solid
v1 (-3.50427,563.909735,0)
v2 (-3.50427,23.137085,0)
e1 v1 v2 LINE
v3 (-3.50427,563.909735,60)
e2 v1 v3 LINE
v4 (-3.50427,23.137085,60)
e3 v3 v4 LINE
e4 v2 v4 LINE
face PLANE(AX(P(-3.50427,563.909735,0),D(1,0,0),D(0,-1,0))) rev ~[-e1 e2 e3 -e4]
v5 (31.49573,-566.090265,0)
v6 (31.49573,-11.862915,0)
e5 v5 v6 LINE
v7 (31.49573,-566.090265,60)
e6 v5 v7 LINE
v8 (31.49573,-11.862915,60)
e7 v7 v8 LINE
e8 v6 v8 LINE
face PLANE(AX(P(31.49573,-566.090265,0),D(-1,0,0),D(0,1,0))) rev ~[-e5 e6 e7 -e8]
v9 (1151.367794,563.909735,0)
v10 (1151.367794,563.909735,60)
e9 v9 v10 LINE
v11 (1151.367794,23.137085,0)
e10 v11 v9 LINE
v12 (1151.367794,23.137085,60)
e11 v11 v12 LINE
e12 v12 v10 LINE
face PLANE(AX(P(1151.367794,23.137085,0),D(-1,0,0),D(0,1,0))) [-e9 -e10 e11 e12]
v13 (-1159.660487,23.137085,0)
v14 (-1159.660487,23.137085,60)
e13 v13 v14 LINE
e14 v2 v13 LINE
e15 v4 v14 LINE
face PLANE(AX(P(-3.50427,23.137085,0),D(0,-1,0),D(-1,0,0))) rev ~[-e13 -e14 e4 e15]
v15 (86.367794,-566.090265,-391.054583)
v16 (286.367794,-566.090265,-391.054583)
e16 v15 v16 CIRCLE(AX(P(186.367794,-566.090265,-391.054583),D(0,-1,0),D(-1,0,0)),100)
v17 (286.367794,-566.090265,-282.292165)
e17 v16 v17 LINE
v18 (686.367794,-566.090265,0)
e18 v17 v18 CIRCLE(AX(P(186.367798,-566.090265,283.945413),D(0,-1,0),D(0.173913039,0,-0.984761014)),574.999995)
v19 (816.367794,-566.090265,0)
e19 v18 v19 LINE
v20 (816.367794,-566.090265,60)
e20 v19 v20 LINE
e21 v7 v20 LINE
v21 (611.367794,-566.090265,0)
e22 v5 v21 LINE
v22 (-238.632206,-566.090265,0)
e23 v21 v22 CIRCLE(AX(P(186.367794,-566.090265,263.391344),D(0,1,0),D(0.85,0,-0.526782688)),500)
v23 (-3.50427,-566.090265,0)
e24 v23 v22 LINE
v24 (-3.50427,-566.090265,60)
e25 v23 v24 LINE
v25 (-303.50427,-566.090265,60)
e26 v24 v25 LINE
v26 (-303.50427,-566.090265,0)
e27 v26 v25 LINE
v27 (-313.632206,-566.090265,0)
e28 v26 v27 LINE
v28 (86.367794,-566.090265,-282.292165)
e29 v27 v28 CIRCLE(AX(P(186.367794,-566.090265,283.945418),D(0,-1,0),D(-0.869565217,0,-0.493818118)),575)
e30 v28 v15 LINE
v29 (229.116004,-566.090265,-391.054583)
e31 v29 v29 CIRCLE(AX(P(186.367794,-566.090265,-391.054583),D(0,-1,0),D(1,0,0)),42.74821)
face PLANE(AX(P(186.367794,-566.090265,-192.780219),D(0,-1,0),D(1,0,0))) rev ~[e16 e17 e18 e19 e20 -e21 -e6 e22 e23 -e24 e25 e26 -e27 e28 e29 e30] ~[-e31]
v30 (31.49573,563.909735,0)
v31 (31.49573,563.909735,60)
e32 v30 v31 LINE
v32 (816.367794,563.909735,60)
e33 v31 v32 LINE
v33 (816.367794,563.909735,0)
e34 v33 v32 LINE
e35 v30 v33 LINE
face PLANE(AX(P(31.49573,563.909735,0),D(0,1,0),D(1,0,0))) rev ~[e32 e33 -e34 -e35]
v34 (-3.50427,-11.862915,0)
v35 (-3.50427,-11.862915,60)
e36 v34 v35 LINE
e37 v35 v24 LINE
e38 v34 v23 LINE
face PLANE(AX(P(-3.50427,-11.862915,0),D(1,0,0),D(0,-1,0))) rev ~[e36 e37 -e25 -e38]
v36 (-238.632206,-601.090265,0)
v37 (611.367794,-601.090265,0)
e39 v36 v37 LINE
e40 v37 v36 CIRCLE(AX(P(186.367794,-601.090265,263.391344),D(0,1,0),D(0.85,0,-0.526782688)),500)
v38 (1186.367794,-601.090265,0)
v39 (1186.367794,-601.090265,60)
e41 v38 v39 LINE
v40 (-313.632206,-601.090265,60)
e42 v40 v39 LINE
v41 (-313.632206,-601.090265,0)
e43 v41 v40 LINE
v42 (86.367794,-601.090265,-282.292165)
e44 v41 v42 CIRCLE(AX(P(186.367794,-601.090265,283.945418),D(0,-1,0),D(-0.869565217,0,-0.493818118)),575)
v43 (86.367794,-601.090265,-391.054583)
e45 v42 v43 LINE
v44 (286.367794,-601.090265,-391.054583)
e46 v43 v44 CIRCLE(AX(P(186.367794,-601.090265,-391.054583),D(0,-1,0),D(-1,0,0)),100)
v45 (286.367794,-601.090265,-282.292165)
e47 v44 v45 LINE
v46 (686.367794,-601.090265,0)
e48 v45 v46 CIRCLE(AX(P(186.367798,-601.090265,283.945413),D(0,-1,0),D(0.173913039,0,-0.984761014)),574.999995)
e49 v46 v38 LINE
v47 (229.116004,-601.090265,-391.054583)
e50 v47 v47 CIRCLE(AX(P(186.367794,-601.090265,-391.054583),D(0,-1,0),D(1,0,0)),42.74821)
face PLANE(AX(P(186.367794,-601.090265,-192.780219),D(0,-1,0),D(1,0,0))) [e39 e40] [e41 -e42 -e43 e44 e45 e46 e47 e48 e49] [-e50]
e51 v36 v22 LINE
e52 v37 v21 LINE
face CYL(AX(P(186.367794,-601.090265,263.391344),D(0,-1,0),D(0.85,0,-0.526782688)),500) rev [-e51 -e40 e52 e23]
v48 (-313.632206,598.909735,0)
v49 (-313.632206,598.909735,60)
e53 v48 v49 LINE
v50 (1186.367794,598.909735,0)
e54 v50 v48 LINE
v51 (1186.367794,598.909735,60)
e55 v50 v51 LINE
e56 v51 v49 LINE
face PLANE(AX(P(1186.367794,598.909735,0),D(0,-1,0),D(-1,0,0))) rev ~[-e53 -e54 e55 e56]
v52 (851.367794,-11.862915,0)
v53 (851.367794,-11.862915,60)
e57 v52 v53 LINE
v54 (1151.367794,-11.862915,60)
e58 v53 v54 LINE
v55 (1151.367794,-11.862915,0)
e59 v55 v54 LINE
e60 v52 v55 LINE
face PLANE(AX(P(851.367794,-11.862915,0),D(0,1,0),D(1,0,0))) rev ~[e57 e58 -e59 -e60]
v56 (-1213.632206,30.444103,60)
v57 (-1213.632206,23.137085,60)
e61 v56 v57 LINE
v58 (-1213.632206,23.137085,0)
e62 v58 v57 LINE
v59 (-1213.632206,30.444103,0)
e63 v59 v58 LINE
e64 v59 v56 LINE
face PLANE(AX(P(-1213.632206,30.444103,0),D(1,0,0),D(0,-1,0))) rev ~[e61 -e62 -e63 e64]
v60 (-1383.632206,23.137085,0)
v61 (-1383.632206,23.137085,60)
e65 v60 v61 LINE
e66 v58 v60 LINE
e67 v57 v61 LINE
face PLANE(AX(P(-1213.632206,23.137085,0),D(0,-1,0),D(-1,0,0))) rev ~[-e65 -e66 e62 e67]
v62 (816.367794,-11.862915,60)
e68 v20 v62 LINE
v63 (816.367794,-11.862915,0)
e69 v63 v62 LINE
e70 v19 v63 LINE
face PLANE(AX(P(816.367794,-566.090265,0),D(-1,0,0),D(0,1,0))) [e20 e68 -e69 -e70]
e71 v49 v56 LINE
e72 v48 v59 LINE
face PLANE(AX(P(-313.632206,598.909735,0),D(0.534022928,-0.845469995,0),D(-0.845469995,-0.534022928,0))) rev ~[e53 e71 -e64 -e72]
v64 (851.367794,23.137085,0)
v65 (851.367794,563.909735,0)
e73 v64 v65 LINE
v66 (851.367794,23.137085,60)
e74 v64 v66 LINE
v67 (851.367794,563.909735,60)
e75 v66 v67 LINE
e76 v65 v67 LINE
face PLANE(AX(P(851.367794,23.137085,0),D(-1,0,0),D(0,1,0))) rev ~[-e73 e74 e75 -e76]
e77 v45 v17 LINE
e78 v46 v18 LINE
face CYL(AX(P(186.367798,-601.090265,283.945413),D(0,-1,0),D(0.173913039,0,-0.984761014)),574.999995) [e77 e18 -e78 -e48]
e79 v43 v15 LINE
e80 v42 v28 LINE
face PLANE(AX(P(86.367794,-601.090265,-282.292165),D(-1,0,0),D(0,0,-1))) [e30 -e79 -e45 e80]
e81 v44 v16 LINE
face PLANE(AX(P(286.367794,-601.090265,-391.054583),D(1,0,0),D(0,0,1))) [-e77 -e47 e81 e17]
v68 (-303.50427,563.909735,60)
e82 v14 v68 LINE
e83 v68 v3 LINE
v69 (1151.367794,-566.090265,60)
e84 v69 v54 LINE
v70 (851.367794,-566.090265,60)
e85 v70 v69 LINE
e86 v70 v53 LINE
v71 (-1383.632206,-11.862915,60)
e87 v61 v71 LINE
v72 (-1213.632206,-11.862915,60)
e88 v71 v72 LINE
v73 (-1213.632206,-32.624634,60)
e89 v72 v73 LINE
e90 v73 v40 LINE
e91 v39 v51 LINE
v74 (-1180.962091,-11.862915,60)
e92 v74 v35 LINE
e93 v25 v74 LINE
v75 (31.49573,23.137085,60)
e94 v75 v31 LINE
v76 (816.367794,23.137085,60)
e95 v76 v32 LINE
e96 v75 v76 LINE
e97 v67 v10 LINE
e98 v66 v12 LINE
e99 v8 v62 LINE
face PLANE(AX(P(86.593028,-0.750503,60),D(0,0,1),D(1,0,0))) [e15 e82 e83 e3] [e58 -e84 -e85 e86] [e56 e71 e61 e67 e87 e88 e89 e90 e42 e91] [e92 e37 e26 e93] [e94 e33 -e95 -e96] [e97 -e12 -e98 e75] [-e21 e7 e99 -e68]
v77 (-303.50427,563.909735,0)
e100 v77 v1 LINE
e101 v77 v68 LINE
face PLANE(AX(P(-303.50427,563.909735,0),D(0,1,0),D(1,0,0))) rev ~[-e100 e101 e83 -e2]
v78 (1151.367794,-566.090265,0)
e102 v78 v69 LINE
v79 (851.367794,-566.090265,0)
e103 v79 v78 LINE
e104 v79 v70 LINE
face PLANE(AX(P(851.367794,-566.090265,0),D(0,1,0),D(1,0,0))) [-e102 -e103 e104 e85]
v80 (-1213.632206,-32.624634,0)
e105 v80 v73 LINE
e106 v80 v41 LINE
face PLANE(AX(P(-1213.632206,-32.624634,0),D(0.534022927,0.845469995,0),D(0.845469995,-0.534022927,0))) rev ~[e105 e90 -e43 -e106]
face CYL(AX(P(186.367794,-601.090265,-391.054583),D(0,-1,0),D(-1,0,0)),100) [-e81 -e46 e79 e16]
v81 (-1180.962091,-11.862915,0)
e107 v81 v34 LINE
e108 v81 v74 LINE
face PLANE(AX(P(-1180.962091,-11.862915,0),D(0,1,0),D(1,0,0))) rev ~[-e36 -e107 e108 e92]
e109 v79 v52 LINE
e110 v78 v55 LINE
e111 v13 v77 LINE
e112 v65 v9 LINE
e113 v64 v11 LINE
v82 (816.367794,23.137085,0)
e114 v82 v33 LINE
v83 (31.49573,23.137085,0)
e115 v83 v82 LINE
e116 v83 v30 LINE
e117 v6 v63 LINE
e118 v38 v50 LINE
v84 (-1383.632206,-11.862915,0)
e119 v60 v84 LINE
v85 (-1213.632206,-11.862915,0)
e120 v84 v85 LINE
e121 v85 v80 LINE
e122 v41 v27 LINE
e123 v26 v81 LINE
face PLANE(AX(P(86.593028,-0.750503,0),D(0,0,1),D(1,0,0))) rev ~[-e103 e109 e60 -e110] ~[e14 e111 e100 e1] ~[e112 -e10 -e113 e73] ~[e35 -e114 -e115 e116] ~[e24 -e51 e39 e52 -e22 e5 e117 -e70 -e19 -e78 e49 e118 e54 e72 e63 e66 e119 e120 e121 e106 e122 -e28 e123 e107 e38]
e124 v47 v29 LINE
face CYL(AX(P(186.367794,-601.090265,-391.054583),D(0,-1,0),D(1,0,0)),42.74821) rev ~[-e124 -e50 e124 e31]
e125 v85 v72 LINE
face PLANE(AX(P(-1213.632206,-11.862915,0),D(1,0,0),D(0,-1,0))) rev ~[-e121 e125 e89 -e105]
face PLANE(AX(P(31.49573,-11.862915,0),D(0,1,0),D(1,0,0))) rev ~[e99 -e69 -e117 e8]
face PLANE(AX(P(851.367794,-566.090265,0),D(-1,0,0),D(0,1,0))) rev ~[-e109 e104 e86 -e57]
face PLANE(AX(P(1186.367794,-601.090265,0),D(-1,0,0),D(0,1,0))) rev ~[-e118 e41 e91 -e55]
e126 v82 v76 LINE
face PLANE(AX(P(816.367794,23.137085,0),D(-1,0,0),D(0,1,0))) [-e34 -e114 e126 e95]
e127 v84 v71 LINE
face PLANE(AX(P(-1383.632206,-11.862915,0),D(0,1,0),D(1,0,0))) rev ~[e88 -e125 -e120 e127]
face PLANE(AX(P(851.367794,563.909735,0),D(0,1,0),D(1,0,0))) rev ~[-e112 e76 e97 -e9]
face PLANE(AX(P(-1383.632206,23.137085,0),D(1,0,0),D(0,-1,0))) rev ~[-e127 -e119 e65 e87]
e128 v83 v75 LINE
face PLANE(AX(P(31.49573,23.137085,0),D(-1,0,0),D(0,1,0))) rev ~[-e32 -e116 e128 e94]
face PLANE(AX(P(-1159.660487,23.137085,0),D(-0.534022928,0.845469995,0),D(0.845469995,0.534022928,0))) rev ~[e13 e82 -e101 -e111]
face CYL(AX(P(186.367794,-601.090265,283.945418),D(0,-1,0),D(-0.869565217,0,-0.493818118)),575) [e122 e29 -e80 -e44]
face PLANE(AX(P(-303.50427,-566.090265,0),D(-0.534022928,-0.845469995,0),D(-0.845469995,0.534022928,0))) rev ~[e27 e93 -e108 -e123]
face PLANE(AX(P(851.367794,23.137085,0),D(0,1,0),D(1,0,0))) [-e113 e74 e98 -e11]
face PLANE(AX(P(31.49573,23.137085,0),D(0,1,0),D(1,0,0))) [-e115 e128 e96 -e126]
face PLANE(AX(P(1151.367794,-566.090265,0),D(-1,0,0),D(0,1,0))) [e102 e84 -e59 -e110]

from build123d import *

# Parameters (mm, degrees)
F0_W     = 784.872064
F0_H     = 554.22735
F0_W_2   = 300
F0_H_2   = 540.77265
F1_DEPTH = 60
F2_R     = 42.74821
F3_DEPTH = 35


with BuildPart() as f1:
    # F0 (on Top) → F1 (new body)
    with BuildSketch(Plane.XY):
        Polygon((1186.367794, -601.090265), (1186.367794, 598.909735), (-313.632206, 598.909735), (-1213.632206, 30.444103), (-1213.632206, 23.137085), (-1383.632206, 23.137085), (-1383.632206, -11.862915), (-1213.632206, -11.862915), (-1213.632206, -32.624634), (-313.632206, -601.090265), align=None)
        Polygon((-3.50427, -566.090265), (-303.50427, -566.090265), (-1180.962091, -11.862915), (-3.50427, -11.862915), align=None, mode=Mode.SUBTRACT)
        with Locations((423.931762, -288.97659)):
            Rectangle(F0_W, F0_H, mode=Mode.SUBTRACT)
        with Locations((1001.367794, -288.97659)):
            Rectangle(F0_W_2, F0_H, mode=Mode.SUBTRACT)
        Polygon((-1159.660487, 23.137085), (-303.50427, 563.909735), (-3.50427, 563.909735), (-3.50427, 23.137085), align=None, mode=Mode.SUBTRACT)
        with Locations((423.931762, 293.52341)):
            Rectangle(F0_W, F0_H_2, mode=Mode.SUBTRACT)
        with Locations((1001.367794, 293.52341)):
            Rectangle(F0_W_2, F0_H_2, mode=Mode.SUBTRACT)
    extrude(amount=F1_DEPTH)

    # F2 (on face) → F3 (join, through all)
    with BuildSketch(Plane.XZ.offset(601.090265)):
        with BuildLine():
            Line((-238.632206, 0), (-313.632206, 0))
            ThreePointArc((-313.632206, 0), (-145.177401, -185.844731), (86.367794, -282.292165))
            Line((86.367794, -282.292165), (86.367794, -391.054583))
            ThreePointArc((86.367794, -391.054583), (186.367794, -491.054583), (286.367794, -391.054583))
            Line((286.367794, -391.054583), (286.367794, -282.292165))
            ThreePointArc((286.367794, -282.292165), (517.91299, -185.844731), (686.367794, 0))
            Line((686.367794, 0), (611.367794, 0))
            ThreePointArc((611.367794, 0), (186.367794, -236.608656), (-238.632206, 0))
        make_face()
        with Locations((186.367794, -391.054583)):
            Circle(F2_R, mode=Mode.SUBTRACT)
    extrude(amount=-F3_DEPTH)


solid = f1.part
